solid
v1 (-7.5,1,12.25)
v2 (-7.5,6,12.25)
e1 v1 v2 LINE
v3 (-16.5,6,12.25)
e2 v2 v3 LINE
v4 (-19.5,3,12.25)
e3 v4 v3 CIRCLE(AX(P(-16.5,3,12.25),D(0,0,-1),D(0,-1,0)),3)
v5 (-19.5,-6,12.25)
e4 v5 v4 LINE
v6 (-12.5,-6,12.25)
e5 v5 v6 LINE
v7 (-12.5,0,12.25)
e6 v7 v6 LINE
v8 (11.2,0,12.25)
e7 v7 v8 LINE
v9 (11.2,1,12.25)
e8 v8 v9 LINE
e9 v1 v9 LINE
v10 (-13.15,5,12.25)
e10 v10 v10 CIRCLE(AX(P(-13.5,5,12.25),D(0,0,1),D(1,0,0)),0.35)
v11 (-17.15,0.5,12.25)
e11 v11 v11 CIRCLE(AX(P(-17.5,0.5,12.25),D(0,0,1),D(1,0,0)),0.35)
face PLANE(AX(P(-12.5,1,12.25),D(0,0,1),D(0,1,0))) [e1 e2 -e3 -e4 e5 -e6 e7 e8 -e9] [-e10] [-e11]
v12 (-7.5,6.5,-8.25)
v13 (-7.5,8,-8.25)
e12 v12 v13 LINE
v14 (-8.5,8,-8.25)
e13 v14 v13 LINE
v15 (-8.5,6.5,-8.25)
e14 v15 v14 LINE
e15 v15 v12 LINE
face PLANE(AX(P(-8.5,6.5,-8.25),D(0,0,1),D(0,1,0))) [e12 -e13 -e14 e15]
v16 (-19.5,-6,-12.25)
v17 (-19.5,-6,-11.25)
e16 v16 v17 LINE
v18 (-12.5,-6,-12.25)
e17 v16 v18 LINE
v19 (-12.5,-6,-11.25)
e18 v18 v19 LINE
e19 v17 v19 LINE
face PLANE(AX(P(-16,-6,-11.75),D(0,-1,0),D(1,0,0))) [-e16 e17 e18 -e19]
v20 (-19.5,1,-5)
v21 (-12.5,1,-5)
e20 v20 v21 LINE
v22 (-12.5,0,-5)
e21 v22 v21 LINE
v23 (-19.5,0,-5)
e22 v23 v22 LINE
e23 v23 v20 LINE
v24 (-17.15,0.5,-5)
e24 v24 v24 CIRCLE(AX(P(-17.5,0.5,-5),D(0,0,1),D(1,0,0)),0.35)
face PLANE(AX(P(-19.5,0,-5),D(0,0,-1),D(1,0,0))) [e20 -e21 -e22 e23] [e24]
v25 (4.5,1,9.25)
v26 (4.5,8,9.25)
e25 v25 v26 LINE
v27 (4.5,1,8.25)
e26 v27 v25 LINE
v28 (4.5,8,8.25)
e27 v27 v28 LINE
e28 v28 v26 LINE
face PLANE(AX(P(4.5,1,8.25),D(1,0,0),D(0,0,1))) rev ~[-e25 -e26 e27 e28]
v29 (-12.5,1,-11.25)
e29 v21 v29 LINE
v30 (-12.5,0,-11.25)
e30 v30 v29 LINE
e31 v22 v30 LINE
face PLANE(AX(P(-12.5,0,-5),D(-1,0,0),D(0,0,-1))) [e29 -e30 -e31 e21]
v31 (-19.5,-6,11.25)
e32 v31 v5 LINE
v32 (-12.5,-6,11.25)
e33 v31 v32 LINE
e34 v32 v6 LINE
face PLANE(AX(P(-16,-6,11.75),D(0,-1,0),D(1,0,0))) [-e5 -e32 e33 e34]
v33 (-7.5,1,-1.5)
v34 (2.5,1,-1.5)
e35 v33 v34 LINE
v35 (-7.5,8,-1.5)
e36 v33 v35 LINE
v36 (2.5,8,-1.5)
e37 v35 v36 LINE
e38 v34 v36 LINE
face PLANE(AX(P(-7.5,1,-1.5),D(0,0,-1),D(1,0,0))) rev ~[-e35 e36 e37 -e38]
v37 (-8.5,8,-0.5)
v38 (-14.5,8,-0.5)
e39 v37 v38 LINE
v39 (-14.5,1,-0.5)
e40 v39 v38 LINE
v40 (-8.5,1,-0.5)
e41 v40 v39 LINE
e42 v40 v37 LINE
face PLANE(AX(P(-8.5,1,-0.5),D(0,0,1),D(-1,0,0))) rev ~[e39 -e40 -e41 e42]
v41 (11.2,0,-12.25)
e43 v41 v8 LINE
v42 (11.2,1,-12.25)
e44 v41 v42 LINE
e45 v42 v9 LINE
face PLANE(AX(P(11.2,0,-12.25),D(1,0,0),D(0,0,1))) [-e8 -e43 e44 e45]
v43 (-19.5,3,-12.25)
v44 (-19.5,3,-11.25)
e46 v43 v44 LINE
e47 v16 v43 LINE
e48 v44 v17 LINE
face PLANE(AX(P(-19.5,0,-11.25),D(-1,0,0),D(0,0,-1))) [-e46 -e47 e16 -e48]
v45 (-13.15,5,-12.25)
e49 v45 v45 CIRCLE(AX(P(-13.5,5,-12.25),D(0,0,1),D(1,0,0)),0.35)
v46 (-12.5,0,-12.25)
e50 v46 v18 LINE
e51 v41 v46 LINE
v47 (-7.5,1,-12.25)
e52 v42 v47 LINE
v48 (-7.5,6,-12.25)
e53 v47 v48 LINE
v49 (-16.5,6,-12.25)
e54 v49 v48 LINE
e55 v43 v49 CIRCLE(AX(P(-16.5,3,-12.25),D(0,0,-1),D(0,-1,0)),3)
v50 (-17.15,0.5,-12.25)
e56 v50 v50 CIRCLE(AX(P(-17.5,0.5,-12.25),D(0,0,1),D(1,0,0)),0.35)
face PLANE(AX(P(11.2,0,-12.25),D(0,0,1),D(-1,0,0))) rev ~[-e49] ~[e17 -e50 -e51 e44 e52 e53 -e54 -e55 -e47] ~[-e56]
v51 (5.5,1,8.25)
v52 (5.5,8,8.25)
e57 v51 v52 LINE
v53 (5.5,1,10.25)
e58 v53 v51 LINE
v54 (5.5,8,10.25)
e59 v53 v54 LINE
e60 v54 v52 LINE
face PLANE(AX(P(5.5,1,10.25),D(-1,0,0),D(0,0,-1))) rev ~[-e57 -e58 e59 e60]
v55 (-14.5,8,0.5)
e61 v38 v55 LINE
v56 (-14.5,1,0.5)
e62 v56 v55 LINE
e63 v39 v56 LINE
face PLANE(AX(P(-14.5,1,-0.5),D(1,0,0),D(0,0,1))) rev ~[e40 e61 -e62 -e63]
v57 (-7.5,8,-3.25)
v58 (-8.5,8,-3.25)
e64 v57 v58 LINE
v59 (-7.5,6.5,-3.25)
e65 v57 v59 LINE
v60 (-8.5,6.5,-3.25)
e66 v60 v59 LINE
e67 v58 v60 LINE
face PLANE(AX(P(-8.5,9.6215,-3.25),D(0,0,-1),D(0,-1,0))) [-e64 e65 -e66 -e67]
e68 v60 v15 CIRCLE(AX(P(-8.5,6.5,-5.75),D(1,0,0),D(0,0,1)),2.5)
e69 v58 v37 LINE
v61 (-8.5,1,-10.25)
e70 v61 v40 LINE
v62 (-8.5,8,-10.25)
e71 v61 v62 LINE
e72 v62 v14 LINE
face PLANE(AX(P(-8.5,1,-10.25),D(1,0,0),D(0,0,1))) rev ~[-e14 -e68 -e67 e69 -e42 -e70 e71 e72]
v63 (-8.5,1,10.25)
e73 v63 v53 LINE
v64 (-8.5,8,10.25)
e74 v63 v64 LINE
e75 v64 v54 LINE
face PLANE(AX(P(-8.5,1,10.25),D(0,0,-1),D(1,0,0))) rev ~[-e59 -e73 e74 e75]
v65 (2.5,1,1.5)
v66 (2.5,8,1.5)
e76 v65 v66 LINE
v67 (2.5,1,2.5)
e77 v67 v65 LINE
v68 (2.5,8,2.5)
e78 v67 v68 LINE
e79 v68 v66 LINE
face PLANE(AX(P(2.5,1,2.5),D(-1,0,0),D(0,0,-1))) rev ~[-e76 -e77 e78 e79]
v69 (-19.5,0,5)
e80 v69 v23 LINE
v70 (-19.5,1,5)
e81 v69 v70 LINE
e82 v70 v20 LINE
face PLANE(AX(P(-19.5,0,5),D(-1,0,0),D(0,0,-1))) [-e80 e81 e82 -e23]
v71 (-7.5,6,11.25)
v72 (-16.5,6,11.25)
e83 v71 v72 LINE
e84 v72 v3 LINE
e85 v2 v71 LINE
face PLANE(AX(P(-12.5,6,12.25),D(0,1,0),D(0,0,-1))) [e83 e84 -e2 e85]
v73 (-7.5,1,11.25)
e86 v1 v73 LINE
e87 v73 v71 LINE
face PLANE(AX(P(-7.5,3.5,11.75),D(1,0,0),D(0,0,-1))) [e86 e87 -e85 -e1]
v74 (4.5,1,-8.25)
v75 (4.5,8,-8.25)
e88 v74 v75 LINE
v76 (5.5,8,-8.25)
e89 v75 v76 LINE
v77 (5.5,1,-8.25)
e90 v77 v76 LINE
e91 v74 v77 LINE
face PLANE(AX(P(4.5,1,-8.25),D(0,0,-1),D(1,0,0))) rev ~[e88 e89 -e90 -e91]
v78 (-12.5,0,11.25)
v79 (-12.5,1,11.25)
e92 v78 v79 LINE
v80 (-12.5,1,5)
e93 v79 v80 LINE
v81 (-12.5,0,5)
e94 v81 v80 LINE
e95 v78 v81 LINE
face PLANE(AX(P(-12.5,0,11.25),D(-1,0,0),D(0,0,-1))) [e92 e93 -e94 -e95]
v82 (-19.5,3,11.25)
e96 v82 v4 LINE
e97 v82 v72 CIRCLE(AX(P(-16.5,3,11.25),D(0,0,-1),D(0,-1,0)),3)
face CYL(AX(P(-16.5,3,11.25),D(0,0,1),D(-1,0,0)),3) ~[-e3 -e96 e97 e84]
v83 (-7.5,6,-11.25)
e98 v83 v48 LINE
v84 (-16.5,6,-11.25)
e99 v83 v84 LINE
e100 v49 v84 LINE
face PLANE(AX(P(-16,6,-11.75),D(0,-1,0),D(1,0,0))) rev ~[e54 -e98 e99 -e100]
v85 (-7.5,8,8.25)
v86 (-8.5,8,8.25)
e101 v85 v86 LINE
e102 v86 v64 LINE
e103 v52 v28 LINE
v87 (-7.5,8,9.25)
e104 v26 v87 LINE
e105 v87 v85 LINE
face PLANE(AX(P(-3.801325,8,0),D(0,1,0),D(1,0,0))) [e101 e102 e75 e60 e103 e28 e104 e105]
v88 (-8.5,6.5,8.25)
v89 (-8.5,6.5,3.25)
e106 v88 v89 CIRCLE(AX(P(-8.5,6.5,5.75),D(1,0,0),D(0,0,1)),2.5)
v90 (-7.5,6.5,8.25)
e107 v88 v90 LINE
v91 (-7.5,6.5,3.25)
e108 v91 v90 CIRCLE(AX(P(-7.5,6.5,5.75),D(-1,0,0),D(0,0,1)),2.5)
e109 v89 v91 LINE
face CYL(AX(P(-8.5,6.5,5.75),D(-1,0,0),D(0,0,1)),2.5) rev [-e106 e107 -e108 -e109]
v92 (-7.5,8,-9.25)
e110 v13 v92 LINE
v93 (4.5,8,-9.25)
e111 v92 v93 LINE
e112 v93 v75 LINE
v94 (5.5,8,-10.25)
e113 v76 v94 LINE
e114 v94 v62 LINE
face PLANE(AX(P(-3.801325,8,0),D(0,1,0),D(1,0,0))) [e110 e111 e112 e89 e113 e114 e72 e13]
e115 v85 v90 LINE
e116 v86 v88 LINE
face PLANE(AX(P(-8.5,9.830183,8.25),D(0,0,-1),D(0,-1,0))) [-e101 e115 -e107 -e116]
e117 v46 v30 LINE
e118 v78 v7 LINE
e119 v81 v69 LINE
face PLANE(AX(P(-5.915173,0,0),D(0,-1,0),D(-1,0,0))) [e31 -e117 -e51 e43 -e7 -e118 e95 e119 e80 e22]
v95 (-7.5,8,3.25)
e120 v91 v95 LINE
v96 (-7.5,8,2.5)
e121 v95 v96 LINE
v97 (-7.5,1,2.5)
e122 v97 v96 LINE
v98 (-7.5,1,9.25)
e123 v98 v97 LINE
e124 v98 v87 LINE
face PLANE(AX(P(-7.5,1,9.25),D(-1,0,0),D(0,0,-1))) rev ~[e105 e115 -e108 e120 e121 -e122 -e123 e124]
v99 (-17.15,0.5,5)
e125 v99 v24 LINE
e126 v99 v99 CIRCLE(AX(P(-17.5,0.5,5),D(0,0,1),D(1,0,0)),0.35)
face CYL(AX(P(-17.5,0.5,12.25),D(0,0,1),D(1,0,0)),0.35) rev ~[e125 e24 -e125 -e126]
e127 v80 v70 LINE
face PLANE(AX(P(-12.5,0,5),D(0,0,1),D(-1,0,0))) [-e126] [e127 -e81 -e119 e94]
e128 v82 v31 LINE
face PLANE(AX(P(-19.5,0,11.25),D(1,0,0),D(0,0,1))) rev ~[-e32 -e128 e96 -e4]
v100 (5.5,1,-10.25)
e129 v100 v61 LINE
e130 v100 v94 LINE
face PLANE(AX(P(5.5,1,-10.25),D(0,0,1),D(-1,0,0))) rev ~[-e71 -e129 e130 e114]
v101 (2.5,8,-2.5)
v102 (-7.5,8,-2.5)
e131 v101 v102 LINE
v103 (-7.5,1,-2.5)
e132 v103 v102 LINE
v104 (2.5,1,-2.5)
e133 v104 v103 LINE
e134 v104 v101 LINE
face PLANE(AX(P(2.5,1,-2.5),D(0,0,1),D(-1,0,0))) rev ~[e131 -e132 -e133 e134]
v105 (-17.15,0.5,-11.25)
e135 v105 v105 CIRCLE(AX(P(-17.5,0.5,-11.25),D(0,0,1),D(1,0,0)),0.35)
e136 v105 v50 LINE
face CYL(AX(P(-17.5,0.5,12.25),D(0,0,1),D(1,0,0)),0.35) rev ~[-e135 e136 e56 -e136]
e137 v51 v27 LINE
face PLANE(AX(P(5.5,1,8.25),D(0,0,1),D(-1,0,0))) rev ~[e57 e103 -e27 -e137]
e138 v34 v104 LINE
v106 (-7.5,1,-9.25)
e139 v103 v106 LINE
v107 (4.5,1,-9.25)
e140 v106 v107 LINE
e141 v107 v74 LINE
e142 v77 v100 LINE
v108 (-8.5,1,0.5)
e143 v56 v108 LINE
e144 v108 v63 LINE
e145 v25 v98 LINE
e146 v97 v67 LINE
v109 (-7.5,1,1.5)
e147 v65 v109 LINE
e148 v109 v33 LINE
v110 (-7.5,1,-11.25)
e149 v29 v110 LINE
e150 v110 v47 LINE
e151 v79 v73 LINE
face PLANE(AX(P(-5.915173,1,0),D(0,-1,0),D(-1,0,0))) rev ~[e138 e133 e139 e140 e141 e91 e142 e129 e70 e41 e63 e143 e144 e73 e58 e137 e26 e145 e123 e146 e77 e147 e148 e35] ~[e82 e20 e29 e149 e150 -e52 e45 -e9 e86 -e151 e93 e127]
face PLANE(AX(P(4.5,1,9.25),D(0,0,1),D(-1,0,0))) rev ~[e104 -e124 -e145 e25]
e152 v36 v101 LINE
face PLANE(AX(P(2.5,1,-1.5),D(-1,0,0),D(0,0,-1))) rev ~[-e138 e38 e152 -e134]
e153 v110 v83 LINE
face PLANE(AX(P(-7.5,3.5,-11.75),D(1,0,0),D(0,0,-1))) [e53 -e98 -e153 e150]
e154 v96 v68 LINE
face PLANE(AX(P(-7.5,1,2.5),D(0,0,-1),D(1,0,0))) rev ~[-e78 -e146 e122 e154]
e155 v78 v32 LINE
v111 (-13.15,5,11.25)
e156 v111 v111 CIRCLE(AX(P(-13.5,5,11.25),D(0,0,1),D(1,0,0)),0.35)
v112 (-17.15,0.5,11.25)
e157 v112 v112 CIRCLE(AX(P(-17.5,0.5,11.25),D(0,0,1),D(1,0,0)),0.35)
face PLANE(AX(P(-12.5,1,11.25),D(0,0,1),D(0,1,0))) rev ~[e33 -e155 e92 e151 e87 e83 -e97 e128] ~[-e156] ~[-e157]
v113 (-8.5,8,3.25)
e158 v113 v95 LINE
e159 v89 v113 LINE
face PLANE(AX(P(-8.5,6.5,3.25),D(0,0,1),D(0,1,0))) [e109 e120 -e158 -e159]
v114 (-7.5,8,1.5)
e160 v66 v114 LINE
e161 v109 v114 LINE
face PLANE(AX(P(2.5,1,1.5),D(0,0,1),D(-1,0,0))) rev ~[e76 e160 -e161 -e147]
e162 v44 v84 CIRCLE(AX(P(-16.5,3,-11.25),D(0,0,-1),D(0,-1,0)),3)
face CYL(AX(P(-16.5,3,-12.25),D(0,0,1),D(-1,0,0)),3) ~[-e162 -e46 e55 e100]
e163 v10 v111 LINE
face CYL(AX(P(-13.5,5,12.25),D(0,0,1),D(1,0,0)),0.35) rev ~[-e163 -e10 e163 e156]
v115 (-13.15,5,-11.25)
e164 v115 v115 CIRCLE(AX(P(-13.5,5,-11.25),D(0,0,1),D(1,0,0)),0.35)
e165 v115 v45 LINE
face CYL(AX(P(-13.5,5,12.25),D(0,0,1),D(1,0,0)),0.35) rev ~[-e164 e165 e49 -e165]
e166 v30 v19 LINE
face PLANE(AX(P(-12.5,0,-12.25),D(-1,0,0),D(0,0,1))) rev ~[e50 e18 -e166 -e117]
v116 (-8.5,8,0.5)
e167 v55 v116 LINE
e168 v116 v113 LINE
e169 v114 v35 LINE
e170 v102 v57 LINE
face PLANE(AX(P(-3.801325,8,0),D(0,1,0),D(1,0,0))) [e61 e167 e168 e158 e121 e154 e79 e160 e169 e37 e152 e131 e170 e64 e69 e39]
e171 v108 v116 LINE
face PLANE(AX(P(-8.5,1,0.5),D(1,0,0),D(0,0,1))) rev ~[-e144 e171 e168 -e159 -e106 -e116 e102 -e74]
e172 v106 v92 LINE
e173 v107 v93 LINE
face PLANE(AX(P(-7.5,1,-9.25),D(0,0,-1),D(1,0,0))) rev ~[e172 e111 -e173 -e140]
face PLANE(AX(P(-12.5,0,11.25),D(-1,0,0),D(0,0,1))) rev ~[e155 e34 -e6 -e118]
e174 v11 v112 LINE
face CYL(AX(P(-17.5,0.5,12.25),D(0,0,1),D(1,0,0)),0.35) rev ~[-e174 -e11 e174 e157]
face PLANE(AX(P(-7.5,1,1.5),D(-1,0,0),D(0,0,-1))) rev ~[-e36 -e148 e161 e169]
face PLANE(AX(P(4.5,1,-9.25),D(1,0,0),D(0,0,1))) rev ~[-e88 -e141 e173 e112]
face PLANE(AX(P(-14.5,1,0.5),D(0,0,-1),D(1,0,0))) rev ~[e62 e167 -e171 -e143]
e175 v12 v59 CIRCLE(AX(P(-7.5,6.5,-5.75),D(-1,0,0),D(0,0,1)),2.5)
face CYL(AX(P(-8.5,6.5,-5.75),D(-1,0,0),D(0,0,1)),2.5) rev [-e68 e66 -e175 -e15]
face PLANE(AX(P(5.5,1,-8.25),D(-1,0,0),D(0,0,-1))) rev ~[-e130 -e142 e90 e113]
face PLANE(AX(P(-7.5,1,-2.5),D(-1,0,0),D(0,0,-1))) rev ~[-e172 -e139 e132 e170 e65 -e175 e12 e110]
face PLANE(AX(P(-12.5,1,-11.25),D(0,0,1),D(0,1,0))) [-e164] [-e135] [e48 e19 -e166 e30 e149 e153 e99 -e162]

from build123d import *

# Parameters (mm, degrees)
EXTRUDE_1_DEPTH      = 1
SKETCH_2_W           = 7
SKETCH_2_H           = 1
EXTRUDE_2_DEPTH      = 6
EXTRUDE_2_DEPTH_BACK = 6
FILLET_1_R           = 3
SKETCH_3_R           = 0.35
CUT_EXTRUDE_1_DEPTH  = 25.5
SKETCH_4_W           = 1
SKETCH_4_H           = 5
EXTRUDE_3_DEPTH      = 5
EXTRUDE_4_DEPTH      = 7
CUT_EXTRUDE_2_DEPTH  = 7


with BuildPart() as part:
    # 草图1 → 凸台-拉伸1 (new body)
    with BuildSketch(Plane(origin=(0, 0, 0), x_dir=(1, 0, 0), z_dir=(0, 1, 0))):
        Polygon((-12.5, 12.25), (11.2, 12.25), (11.2, -12.25), (-12.5, -12.25), (-19.5, -12.25), (-19.5, -11.25), (-12.5, -11.25), (-12.5, -5), (-19.5, -5), (-19.5, 5), (-12.5, 5), (-12.5, 11.25), (-19.5, 11.25), (-19.5, 12.25), align=None)
    extrude(amount=EXTRUDE_1_DEPTH)

    # 草图2 → 凸台-拉伸2 (add, two sides)
    with BuildSketch(Plane.XZ) as extrude_2_sk:
        with Locations((-16, 11.75)):
            Rectangle(SKETCH_2_W, SKETCH_2_H)
        with Locations((-16, -11.75)):
            Rectangle(SKETCH_2_W, SKETCH_2_H)
    extrude(amount=EXTRUDE_2_DEPTH)
    extrude(extrude_2_sk.sketch, amount=-EXTRUDE_2_DEPTH_BACK)

    # 圆角1
    fillet_1_edges = [part.edges().sort_by_distance(p)[0] for p in [
        (-19.5, 6, 11.75),
        (-19.5, 6, -11.75),
    ]]
    fillet(fillet_1_edges, radius=FILLET_1_R)

    # 草图3 → 切除-拉伸1 (cut, through all)
    with BuildSketch(Plane.XY.offset(12.25)):
        with Locations((-17.5, 0.5)):
            Circle(SKETCH_3_R)
        with Locations((-13.5, 5)):
            Circle(SKETCH_3_R)
    extrude(amount=-CUT_EXTRUDE_1_DEPTH, mode=Mode.SUBTRACT)

    # 草图4 → 凸台-拉伸3 (add)
    with BuildSketch(Plane(origin=(-12.5, 0, 0), x_dir=(0, 0, -1), z_dir=(1, 0, 0))):
        with Locations((-11.75, 3.5)):
            Rectangle(SKETCH_4_W, SKETCH_4_H)
        with Locations((11.75, 3.5)):
            Rectangle(SKETCH_4_W, SKETCH_4_H)
    extrude(amount=EXTRUDE_3_DEPTH)

    # 草图5 → 凸台-拉伸4 (add)
    with BuildSketch(Plane(origin=(0, 1, 0), x_dir=(1, 0, 0), z_dir=(0, 1, 0))):
        Polygon((-8.5, -8.25), (-8.5, -10.25), (5.5, -10.25), (5.5, -8.25), (4.5, -8.25), (4.5, -9.25), (-7.5, -9.25), (-7.5, -8.25), (-7.5, -3.5), (-7.5, -2.5), (2.5, -2.5), (2.5, -1.5), (-7.5, -1.5), (-7.5, 1.5), (2.5, 1.5), (2.5, 2.5), (-7.5, 2.5), (-7.5, 3.5), (-7.5, 8.25), (-7.5, 9.25), (4.5, 9.25), (4.5, 8.25), (5.5, 8.25), (5.5, 10.25), (-8.5, 10.25), (-8.5, 8.25), (-8.5, 3.742436738), (-8.5, 0.5), (-14.5, 0.5), (-14.5, -0.5), (-8.5, -0.5), (-8.5, -3.5), align=None)
    extrude(amount=EXTRUDE_4_DEPTH)

    # 草图6 → 切除-拉伸2 (cut)
    with BuildSketch(Plane.ZY.offset(8.5)):
        with BuildLine():
            Line((-8.25, 6.5), (-8.25, 9.621499742))
            Line((-8.25, 9.621499742), (-3.25, 9.621499742))
            Line((-3.25, 9.621499742), (-3.25, 6.5))
            ThreePointArc((-3.25, 6.5), (-5.75, 4), (-8.25, 6.5))
        make_face()
        with BuildLine():
            Line((3.25, 6.5), (3.25, 9.830182827))
            Line((3.25, 9.830182827), (8.25, 9.830182827))
            Line((8.25, 9.830182827), (8.25, 6.5))
            ThreePointArc((8.25, 6.5), (5.75, 4), (3.25, 6.5))
        make_face()
    extrude(amount=-CUT_EXTRUDE_2_DEPTH, mode=Mode.SUBTRACT)


solid = part.part
